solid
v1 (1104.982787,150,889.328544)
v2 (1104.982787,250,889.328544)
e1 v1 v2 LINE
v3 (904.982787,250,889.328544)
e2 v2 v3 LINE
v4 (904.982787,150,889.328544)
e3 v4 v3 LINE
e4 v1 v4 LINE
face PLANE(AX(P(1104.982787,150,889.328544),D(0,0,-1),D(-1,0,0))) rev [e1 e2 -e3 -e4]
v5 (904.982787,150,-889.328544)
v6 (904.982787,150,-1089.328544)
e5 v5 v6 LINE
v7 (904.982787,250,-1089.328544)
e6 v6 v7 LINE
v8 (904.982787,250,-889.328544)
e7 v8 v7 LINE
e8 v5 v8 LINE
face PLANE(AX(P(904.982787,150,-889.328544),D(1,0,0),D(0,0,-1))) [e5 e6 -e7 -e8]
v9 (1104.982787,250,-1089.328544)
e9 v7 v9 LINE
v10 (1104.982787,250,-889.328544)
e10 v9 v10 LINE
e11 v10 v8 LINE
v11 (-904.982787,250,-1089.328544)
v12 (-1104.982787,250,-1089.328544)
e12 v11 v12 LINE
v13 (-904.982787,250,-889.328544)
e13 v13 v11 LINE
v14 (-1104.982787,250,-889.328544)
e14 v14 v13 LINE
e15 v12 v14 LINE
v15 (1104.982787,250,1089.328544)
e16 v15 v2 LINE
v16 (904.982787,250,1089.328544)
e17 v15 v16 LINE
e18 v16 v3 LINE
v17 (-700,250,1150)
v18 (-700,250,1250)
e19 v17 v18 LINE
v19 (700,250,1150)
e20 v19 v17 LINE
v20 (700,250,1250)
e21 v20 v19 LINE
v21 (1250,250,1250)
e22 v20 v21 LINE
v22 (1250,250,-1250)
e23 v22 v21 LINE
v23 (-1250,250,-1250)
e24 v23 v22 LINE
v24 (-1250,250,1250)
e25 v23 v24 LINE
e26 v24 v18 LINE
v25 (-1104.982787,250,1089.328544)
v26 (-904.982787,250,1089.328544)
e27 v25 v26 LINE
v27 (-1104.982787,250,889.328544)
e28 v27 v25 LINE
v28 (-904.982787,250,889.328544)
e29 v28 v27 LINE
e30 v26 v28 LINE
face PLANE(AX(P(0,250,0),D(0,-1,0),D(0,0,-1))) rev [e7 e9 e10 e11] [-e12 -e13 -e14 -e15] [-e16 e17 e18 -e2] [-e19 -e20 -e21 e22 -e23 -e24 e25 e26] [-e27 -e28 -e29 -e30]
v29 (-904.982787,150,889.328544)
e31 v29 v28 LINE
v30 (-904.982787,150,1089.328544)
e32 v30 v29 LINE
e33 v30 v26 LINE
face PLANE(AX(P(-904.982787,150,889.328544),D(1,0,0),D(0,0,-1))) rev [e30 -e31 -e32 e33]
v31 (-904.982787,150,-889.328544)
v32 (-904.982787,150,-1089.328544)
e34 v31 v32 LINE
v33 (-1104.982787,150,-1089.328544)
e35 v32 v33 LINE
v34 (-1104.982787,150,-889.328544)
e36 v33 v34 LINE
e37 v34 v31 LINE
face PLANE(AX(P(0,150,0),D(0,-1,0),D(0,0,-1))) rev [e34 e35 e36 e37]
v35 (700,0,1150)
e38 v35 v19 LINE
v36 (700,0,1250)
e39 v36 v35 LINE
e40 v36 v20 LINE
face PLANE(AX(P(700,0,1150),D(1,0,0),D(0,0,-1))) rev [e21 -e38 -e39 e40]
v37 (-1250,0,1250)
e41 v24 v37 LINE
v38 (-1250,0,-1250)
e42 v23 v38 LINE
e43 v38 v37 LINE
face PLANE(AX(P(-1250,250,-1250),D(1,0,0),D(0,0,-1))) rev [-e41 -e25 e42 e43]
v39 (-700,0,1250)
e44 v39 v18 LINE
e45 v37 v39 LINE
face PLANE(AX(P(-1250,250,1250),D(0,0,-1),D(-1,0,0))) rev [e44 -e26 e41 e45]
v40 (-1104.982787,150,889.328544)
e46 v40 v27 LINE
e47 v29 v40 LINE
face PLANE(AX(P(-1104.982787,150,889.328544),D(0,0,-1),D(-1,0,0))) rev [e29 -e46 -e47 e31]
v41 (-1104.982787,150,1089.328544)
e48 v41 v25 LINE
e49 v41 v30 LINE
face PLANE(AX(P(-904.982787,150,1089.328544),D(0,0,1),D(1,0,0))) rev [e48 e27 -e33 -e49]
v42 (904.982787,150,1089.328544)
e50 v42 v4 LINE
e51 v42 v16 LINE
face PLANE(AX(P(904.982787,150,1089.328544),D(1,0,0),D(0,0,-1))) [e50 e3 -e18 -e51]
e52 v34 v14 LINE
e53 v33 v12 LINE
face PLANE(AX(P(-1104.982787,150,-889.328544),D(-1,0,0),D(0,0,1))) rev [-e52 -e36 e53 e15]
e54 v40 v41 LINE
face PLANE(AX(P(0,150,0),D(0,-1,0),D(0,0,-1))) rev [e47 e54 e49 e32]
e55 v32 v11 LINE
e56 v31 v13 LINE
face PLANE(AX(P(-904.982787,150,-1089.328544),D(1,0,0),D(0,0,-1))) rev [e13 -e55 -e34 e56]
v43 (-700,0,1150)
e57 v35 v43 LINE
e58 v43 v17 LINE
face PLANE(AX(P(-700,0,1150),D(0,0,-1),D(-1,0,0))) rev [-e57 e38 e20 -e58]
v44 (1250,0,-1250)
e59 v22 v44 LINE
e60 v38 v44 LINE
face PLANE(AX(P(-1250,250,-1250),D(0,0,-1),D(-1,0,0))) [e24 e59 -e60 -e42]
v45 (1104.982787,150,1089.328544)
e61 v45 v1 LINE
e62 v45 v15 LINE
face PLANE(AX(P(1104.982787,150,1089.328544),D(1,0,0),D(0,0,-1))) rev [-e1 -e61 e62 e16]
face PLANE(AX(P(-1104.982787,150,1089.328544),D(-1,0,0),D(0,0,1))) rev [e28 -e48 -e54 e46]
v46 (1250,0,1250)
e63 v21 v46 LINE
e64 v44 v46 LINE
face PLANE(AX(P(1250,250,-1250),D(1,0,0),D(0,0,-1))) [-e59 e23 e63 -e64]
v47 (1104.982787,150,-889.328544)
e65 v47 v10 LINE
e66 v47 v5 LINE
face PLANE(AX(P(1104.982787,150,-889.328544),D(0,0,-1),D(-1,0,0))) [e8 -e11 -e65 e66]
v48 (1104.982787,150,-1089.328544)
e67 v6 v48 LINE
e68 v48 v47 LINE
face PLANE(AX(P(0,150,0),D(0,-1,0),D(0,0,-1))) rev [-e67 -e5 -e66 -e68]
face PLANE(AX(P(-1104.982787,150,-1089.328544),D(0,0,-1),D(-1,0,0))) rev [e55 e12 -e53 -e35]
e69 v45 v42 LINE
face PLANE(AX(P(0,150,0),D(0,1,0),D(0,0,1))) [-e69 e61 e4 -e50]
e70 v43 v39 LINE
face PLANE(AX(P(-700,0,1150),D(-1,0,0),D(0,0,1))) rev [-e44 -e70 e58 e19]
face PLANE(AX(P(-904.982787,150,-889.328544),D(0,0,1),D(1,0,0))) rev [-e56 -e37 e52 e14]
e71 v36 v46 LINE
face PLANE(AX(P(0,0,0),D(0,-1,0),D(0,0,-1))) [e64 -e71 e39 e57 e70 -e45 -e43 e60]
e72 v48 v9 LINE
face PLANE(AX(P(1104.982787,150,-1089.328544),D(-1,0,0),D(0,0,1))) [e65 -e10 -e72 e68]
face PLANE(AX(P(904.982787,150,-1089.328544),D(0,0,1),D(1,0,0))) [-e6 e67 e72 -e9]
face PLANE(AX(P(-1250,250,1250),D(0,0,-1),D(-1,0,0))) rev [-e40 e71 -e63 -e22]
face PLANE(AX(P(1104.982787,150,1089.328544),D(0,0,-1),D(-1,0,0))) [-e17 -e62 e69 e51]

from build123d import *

# Parameters (mm, degrees)
SKETCH_1_W          = 2500
SKETCH_1_H          = 2500
EXTRUDE_2_DEPTH     = 250
SKETCH_5_W          = 200
SKETCH_5_H          = 200
CUT_EXTRUDE_1_DEPTH = 100
SKETCH_6_W          = 200
SKETCH_6_H          = 200
CUT_EXTRUDE_2_DEPTH = 100
SKETCH_7_W          = 200
SKETCH_7_H          = 200
CUT_EXTRUDE_3_DEPTH = 100
CUT_EXTRUDE_4_DEPTH = 250


with BuildPart() as part:
    # 草图1 → 凸台-拉伸2 (new body)
    with BuildSketch(Plane(origin=(-338.184367894, 0, 1455.407434641), x_dir=(1, 0, 0), z_dir=(0, 1, 0))):
        with Locations((338.184367894, 1455.407434641)):
            Rectangle(SKETCH_1_W, SKETCH_1_H)
    extrude(amount=EXTRUDE_2_DEPTH)

    # 草图5 → 切除-拉伸1 (cut)
    with BuildSketch(Plane(origin=(0, 250, 0), x_dir=(1, 0, 0), z_dir=(0, 1, 0))):
        with Locations((1004.982787162, -989.328544112)):
            Rectangle(SKETCH_5_W, SKETCH_5_H)
    extrude(amount=-CUT_EXTRUDE_1_DEPTH, mode=Mode.SUBTRACT)

    # 草图6 → 切除-拉伸2 (cut)
    with BuildSketch(Plane(origin=(0, 250, 0), x_dir=(1, 0, 0), z_dir=(0, 1, 0))):
        with Locations((1004.982787162, 989.328544112)):
            Rectangle(SKETCH_6_W, SKETCH_6_H)
    extrude(amount=-CUT_EXTRUDE_2_DEPTH, mode=Mode.SUBTRACT)

    # 草图7 → 切除-拉伸3 (cut)
    with BuildSketch(Plane(origin=(0, 250, 0), x_dir=(1, 0, 0), z_dir=(0, 1, 0))):
        with Locations((1004.982787162, 989.328544112)):
            Rectangle(SKETCH_7_W, SKETCH_7_H)
        with Locations((1004.982787162, -989.328544112)):
            Rectangle(SKETCH_7_W, SKETCH_7_H)
        with Locations((-1004.982787162, -989.328544112)):
            Rectangle(SKETCH_7_W, SKETCH_7_H)
        with Locations((-1004.982787162, 989.328544112)):
            Rectangle(SKETCH_7_W, SKETCH_7_H)
    extrude(amount=-CUT_EXTRUDE_3_DEPTH, mode=Mode.SUBTRACT)

    # 草图9 → 切除-拉伸4 (cut)
    with BuildSketch(Plane(origin=(0, 250, 0), x_dir=(1, 0, 0), z_dir=(0, 1, 0))):
        Polygon((-700, -1250), (700, -1250), (700, -1150), (0, -1150), (-700, -1150), align=None)
    extrude(amount=-CUT_EXTRUDE_4_DEPTH, mode=Mode.SUBTRACT)


solid = part.part
